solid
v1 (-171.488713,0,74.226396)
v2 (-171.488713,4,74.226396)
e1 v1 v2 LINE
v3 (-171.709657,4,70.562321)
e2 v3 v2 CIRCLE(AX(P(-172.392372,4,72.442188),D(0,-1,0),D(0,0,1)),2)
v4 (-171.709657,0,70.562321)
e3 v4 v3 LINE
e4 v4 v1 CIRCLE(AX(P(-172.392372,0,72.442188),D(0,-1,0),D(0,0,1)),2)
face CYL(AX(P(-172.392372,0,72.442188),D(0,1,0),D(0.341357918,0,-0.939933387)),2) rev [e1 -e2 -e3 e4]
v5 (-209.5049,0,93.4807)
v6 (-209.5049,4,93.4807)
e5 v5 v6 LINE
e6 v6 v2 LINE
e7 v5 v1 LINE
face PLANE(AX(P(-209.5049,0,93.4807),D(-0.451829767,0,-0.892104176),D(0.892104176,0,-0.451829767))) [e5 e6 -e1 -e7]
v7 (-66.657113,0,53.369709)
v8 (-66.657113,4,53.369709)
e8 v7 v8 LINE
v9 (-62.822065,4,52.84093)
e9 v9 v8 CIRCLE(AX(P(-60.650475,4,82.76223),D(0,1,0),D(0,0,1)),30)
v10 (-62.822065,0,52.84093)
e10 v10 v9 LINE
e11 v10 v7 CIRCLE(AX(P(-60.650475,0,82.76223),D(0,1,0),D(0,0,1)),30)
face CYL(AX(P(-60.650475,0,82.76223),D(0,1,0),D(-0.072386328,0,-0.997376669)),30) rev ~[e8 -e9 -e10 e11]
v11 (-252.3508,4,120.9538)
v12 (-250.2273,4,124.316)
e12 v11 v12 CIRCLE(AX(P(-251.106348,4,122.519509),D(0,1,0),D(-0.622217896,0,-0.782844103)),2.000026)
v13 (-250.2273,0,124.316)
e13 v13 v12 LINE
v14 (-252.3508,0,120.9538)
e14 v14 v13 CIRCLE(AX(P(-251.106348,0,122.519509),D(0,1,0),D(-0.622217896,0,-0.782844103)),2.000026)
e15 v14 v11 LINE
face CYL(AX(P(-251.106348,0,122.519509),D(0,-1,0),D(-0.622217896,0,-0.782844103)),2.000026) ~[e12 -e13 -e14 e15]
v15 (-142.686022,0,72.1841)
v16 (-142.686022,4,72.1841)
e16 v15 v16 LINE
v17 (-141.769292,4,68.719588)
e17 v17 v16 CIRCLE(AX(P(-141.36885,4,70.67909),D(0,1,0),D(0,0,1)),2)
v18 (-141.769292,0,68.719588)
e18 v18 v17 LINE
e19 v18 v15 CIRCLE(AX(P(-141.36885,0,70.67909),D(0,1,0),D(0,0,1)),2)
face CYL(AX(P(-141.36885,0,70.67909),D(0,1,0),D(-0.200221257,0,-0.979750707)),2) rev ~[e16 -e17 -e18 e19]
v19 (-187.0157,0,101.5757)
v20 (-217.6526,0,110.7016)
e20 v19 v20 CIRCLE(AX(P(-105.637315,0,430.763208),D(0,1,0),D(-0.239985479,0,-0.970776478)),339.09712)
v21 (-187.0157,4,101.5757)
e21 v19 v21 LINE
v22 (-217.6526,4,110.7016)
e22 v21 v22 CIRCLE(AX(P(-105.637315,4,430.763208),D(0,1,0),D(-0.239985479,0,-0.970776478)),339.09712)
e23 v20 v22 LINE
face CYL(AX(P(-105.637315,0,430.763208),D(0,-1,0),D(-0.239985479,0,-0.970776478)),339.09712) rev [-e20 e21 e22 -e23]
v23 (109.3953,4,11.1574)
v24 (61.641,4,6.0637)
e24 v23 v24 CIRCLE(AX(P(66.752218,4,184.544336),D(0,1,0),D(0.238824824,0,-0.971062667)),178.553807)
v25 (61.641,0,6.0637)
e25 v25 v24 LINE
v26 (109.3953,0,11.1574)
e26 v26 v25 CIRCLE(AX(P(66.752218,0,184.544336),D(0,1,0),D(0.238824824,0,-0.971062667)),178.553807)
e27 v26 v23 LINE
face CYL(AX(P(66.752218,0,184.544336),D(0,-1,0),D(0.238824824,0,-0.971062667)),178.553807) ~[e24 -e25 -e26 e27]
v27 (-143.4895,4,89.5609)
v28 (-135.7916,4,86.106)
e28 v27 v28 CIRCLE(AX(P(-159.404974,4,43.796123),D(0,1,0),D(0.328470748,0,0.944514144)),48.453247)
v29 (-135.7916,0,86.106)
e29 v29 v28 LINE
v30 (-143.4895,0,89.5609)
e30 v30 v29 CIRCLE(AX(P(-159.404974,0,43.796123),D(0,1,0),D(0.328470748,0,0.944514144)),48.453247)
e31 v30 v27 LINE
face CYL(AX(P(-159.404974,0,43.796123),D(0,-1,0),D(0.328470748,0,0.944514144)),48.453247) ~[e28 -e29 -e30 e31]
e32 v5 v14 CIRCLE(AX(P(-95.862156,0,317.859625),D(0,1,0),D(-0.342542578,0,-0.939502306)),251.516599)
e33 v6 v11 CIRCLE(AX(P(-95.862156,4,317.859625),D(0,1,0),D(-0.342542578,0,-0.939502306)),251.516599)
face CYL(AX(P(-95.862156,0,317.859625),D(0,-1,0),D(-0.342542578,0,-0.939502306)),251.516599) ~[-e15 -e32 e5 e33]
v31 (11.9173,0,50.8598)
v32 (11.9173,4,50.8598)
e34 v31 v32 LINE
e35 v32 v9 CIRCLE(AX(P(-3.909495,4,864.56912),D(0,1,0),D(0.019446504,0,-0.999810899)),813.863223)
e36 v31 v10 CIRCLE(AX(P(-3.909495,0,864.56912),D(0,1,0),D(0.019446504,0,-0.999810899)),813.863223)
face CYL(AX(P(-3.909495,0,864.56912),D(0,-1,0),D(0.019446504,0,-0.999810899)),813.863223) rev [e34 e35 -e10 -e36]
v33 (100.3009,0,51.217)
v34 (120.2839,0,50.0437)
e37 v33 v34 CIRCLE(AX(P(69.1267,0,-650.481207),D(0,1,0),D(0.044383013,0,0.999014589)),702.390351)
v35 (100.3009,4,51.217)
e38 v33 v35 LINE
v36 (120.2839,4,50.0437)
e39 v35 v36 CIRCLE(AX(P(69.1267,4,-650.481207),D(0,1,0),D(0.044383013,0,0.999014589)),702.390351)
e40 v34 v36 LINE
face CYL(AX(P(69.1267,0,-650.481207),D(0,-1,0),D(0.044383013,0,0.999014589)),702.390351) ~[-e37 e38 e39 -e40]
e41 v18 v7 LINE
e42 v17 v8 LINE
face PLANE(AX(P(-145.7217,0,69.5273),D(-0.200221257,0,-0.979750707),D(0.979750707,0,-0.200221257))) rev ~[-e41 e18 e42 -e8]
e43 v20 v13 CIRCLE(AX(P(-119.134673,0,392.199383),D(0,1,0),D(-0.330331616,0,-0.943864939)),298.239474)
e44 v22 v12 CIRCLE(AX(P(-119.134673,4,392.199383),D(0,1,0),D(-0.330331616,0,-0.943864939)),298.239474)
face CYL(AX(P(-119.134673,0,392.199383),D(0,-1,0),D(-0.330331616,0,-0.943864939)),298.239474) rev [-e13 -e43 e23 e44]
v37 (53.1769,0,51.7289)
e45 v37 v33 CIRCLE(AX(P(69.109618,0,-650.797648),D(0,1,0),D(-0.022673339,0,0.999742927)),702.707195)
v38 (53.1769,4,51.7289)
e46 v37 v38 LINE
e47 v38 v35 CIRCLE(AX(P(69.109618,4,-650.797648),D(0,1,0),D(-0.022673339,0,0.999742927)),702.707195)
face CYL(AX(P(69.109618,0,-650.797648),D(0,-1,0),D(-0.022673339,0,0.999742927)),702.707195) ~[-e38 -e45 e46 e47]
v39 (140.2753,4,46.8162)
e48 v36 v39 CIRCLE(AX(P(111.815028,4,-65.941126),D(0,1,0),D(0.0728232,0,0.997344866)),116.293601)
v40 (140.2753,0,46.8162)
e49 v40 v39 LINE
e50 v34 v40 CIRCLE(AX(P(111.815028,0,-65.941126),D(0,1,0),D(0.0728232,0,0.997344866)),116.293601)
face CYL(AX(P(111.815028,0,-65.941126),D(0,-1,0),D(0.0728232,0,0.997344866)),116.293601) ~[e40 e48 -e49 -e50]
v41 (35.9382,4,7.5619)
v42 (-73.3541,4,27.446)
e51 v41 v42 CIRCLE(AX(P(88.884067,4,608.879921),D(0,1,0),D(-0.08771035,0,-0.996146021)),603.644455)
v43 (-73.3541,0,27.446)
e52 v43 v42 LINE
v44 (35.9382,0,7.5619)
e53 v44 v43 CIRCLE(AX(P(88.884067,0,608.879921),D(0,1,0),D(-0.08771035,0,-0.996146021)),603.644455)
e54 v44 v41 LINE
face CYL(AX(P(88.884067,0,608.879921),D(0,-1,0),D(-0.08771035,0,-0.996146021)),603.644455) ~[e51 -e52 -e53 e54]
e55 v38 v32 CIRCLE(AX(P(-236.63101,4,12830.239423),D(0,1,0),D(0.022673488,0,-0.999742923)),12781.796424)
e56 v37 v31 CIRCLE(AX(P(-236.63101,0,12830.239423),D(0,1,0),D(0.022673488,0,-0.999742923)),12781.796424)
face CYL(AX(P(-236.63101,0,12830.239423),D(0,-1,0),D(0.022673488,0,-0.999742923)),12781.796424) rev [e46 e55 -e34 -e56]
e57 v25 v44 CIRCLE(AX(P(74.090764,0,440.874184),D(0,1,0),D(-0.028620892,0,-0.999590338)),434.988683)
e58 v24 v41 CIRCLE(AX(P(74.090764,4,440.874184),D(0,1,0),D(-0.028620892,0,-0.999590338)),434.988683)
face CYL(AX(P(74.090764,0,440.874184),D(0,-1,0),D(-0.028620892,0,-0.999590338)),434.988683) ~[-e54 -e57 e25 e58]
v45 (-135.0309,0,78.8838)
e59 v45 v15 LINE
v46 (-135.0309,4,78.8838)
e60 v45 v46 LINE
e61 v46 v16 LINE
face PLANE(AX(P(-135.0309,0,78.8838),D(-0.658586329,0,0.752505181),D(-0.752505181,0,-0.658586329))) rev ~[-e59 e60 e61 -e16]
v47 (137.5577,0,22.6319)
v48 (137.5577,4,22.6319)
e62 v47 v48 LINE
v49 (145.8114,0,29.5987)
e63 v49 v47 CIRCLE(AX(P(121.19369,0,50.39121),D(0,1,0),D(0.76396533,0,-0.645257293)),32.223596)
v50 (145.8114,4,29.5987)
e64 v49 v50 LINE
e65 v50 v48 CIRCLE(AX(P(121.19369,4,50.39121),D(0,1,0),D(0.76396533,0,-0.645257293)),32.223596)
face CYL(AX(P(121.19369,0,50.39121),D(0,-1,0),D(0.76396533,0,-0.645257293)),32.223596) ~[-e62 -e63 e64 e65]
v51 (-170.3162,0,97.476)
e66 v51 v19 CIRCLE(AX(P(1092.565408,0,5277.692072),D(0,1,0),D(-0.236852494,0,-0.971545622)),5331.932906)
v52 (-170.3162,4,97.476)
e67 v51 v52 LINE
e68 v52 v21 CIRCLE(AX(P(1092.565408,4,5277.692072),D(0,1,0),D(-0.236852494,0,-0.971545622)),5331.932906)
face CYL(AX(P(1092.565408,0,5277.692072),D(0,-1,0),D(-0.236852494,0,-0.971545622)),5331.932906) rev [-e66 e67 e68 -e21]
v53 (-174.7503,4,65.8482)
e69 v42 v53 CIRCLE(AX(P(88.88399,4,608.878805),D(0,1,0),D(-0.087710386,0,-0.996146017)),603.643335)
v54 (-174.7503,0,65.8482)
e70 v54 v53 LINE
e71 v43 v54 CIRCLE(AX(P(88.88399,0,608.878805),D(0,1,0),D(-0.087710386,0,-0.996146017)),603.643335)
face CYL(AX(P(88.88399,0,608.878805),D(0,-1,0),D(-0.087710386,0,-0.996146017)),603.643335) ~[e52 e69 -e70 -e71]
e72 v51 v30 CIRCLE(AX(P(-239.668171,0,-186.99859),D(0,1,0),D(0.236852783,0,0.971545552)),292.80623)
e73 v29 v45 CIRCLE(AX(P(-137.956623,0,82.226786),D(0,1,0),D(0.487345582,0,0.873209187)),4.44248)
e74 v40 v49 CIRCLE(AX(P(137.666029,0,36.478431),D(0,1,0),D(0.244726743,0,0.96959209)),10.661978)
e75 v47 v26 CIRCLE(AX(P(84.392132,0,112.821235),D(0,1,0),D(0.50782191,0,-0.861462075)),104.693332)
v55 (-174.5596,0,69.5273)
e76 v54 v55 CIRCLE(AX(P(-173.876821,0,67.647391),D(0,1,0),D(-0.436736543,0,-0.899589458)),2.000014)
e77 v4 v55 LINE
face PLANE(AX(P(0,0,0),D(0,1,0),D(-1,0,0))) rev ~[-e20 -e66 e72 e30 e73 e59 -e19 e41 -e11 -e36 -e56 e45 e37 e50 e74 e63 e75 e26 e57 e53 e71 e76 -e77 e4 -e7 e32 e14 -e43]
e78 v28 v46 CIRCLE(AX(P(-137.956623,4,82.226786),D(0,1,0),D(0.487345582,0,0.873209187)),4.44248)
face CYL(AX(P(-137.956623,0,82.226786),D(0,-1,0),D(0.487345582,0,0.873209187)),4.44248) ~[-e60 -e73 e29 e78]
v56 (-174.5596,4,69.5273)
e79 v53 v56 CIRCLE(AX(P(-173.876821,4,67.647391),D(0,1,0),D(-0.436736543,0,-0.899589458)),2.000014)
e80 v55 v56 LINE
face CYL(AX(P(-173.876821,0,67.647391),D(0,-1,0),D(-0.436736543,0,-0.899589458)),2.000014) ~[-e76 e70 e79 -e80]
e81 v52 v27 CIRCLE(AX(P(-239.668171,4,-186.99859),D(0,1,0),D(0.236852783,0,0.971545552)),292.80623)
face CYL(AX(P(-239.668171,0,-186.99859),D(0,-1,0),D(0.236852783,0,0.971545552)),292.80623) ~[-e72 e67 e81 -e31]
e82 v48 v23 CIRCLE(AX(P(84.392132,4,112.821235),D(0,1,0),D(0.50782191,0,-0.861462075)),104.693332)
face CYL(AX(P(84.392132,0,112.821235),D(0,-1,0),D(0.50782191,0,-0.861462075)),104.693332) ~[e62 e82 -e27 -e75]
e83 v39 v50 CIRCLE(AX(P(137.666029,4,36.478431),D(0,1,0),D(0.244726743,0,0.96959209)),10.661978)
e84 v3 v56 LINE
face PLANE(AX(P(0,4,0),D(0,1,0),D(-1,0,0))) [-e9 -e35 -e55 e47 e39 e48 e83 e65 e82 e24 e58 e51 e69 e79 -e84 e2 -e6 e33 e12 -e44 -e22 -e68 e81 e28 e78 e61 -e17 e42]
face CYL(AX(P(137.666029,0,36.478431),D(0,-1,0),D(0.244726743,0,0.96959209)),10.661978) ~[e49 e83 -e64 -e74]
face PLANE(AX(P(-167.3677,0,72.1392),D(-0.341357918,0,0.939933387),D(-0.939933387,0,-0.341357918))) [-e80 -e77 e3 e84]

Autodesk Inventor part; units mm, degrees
ref_plane "YZ Plane" through (0, 0, 0) normal (1, 0, 0) x (0, 1, 0)
ref_plane "XZ Plane" through (0, 0, 0) normal (0, 1, 0) x (-1, 0, 0)
ref_plane "XY Plane" through (0, 0, 0) normal (0, 0, 1) x (1, 0, 0)
sketch "スケッチ1" plane through (0, 0, 0) normal (0, 1, 0) x (-1, 0, 0)
  arc A0 (73.3541, 27.446) -> (-100.3009, 51.217) centre (-120.0382, -739.1608) ccw projected
  arc A1 (-35.9382, 7.5619) -> (73.3541, 27.446) centre (-88.8837, 608.8772) ccw projected
  arc A2 (-61.641, 6.0637) -> (-35.9382, 7.5619) centre (-74.0904, 440.8658) ccw projected
  arc A3 (-109.3953, 11.1574) -> (-61.641, 6.0637) centre (-66.7514, 184.549) ccw projected
  arc A4 (-137.5577, 22.6319) -> (-109.3953, 11.1574) centre (-84.3921, 112.8213) ccw projected
  arc A5 (-145.8114, 29.5987) -> (-137.5577, 22.6319) centre (-121.1943, 50.3906) ccw projected
  arc A6 (-140.2753, 46.8162) -> (-145.8114, 29.5987) centre (-137.666, 36.4784) ccw projected
  arc A7 (-120.2839, 50.0437) -> (-140.2753, 46.8162) centre (-111.8153, -65.9388) ccw projected
  arc A8 (-100.3009, 51.217) -> (-120.2839, 50.0437) centre (-69.1096, -650.8128) ccw projected
  arc A9 (174.7503, 65.8482) -> (173.4237, 69.5954) centre (173.8768, 67.6474) ccw projected
  arc A10 (64.7746, 52.985) -> (173.4237, 69.5954) centre (11.2401, 766.801) ccw projected
  arc A11 (-11.9173, 50.8598) -> (64.7746, 52.985) centre (3.9096, 864.5436) ccw projected
  arc A12 (-53.1769, 51.7289) -> (-11.9173, 50.8598) centre (236.8377, 12839.6895) ccw projected
  arc A13 (-53.1769, 51.7289) -> (-120.2839, 50.0437) centre (-69.1096, -650.8128) ccw projected
  arc A14 (-120.2839, 50.0437) -> (-140.2753, 46.8162) centre (-111.8153, -65.9388) ccw projected
  arc A15 (-140.2753, 46.8162) -> (-145.8114, 29.5987) centre (-137.666, 36.4784) ccw projected
  arc A16 (-145.8114, 29.5987) -> (-137.5577, 22.6319) centre (-121.1943, 50.3906) ccw projected
  arc A17 (-137.5577, 22.6319) -> (-109.3953, 11.1574) centre (-84.3921, 112.8213) ccw projected
  arc A18 (-109.3953, 11.1574) -> (-61.641, 6.0637) centre (-66.7514, 184.549) ccw projected
  arc A19 (-61.641, 6.0637) -> (-35.9382, 7.5619) centre (-74.0904, 440.8658) ccw projected
  arc A20 (-35.9382, 7.5619) -> (174.7503, 65.8482) centre (-88.8837, 608.8772) ccw projected
  arc A21 (252.3508, 120.9538) -> (250.2273, 124.316) centre (251.1064, 122.5195) ccw projected
  arc A22 (217.6526, 110.7016) -> (250.2273, 124.316) centre (119.1278, 392.2173) ccw projected
  arc A23 (187.0157, 101.5757) -> (217.6526, 110.7016) centre (105.6368, 430.7651) ccw projected
  arc A24 (170.3162, 97.476) -> (187.0157, 101.5757) centre (-1092.0317, 5275.5105) ccw projected
  arc A25 (170.3162, 97.476) -> (143.4895, 89.5609) centre (239.6668, -186.9935) ccw projected
  arc A26 (143.4895, 89.5609) -> (135.7916, 86.106) centre (159.4055, 43.7948) ccw projected
  arc A27 (135.7916, 86.106) -> (135.4203, 78.5795) centre (137.9566, 82.2268) ccw projected
  arc A28 (135.4203, 78.5795) -> (139.4934, 76.6657) centre (143.0857, 89.6023) ccw projected
  arc A29 (139.4934, 76.6657) -> (152.0654, 75.0846) centre (151.1648, 118.6976) ccw projected
  arc A30 (152.0654, 75.0846) -> (171.8343, 78.1844) centre (150.5294, 149.4681) ccw projected
  arc A31 (171.8343, 78.1844) -> (182.0173, 81.5592) centre (119.9342, 251.8363) ccw projected
  arc A32 (182.0173, 81.5592) -> (252.3508, 120.9538) centre (95.8618, 317.8604) ccw projected
  line L0 (209.5049, 93.4807) -> (167.3677, 72.1392)
  line L1 (167.3677, 72.1392) -> (174.5596, 69.5273)
  line L2 (135.0309, 78.8838) -> (145.7217, 69.5273)
  line L3 (145.7217, 69.5273) -> (64.7746, 52.985)
  point P0 (0, 0)
extrude "押し出し1" add sketch "スケッチ1" along normal blind 4
fillet "フィレット1" radius 2 1 edges at (-145.7217, 2, 69.5273)
fillet "フィレット1" radius 30 1 edges at (-64.7746, 2, 52.985)
fillet "フィレット1" radius 2 1 edges at (-167.3677, 2, 72.1392)
properties part number "bracket1" material "アルミニウム 6061"
